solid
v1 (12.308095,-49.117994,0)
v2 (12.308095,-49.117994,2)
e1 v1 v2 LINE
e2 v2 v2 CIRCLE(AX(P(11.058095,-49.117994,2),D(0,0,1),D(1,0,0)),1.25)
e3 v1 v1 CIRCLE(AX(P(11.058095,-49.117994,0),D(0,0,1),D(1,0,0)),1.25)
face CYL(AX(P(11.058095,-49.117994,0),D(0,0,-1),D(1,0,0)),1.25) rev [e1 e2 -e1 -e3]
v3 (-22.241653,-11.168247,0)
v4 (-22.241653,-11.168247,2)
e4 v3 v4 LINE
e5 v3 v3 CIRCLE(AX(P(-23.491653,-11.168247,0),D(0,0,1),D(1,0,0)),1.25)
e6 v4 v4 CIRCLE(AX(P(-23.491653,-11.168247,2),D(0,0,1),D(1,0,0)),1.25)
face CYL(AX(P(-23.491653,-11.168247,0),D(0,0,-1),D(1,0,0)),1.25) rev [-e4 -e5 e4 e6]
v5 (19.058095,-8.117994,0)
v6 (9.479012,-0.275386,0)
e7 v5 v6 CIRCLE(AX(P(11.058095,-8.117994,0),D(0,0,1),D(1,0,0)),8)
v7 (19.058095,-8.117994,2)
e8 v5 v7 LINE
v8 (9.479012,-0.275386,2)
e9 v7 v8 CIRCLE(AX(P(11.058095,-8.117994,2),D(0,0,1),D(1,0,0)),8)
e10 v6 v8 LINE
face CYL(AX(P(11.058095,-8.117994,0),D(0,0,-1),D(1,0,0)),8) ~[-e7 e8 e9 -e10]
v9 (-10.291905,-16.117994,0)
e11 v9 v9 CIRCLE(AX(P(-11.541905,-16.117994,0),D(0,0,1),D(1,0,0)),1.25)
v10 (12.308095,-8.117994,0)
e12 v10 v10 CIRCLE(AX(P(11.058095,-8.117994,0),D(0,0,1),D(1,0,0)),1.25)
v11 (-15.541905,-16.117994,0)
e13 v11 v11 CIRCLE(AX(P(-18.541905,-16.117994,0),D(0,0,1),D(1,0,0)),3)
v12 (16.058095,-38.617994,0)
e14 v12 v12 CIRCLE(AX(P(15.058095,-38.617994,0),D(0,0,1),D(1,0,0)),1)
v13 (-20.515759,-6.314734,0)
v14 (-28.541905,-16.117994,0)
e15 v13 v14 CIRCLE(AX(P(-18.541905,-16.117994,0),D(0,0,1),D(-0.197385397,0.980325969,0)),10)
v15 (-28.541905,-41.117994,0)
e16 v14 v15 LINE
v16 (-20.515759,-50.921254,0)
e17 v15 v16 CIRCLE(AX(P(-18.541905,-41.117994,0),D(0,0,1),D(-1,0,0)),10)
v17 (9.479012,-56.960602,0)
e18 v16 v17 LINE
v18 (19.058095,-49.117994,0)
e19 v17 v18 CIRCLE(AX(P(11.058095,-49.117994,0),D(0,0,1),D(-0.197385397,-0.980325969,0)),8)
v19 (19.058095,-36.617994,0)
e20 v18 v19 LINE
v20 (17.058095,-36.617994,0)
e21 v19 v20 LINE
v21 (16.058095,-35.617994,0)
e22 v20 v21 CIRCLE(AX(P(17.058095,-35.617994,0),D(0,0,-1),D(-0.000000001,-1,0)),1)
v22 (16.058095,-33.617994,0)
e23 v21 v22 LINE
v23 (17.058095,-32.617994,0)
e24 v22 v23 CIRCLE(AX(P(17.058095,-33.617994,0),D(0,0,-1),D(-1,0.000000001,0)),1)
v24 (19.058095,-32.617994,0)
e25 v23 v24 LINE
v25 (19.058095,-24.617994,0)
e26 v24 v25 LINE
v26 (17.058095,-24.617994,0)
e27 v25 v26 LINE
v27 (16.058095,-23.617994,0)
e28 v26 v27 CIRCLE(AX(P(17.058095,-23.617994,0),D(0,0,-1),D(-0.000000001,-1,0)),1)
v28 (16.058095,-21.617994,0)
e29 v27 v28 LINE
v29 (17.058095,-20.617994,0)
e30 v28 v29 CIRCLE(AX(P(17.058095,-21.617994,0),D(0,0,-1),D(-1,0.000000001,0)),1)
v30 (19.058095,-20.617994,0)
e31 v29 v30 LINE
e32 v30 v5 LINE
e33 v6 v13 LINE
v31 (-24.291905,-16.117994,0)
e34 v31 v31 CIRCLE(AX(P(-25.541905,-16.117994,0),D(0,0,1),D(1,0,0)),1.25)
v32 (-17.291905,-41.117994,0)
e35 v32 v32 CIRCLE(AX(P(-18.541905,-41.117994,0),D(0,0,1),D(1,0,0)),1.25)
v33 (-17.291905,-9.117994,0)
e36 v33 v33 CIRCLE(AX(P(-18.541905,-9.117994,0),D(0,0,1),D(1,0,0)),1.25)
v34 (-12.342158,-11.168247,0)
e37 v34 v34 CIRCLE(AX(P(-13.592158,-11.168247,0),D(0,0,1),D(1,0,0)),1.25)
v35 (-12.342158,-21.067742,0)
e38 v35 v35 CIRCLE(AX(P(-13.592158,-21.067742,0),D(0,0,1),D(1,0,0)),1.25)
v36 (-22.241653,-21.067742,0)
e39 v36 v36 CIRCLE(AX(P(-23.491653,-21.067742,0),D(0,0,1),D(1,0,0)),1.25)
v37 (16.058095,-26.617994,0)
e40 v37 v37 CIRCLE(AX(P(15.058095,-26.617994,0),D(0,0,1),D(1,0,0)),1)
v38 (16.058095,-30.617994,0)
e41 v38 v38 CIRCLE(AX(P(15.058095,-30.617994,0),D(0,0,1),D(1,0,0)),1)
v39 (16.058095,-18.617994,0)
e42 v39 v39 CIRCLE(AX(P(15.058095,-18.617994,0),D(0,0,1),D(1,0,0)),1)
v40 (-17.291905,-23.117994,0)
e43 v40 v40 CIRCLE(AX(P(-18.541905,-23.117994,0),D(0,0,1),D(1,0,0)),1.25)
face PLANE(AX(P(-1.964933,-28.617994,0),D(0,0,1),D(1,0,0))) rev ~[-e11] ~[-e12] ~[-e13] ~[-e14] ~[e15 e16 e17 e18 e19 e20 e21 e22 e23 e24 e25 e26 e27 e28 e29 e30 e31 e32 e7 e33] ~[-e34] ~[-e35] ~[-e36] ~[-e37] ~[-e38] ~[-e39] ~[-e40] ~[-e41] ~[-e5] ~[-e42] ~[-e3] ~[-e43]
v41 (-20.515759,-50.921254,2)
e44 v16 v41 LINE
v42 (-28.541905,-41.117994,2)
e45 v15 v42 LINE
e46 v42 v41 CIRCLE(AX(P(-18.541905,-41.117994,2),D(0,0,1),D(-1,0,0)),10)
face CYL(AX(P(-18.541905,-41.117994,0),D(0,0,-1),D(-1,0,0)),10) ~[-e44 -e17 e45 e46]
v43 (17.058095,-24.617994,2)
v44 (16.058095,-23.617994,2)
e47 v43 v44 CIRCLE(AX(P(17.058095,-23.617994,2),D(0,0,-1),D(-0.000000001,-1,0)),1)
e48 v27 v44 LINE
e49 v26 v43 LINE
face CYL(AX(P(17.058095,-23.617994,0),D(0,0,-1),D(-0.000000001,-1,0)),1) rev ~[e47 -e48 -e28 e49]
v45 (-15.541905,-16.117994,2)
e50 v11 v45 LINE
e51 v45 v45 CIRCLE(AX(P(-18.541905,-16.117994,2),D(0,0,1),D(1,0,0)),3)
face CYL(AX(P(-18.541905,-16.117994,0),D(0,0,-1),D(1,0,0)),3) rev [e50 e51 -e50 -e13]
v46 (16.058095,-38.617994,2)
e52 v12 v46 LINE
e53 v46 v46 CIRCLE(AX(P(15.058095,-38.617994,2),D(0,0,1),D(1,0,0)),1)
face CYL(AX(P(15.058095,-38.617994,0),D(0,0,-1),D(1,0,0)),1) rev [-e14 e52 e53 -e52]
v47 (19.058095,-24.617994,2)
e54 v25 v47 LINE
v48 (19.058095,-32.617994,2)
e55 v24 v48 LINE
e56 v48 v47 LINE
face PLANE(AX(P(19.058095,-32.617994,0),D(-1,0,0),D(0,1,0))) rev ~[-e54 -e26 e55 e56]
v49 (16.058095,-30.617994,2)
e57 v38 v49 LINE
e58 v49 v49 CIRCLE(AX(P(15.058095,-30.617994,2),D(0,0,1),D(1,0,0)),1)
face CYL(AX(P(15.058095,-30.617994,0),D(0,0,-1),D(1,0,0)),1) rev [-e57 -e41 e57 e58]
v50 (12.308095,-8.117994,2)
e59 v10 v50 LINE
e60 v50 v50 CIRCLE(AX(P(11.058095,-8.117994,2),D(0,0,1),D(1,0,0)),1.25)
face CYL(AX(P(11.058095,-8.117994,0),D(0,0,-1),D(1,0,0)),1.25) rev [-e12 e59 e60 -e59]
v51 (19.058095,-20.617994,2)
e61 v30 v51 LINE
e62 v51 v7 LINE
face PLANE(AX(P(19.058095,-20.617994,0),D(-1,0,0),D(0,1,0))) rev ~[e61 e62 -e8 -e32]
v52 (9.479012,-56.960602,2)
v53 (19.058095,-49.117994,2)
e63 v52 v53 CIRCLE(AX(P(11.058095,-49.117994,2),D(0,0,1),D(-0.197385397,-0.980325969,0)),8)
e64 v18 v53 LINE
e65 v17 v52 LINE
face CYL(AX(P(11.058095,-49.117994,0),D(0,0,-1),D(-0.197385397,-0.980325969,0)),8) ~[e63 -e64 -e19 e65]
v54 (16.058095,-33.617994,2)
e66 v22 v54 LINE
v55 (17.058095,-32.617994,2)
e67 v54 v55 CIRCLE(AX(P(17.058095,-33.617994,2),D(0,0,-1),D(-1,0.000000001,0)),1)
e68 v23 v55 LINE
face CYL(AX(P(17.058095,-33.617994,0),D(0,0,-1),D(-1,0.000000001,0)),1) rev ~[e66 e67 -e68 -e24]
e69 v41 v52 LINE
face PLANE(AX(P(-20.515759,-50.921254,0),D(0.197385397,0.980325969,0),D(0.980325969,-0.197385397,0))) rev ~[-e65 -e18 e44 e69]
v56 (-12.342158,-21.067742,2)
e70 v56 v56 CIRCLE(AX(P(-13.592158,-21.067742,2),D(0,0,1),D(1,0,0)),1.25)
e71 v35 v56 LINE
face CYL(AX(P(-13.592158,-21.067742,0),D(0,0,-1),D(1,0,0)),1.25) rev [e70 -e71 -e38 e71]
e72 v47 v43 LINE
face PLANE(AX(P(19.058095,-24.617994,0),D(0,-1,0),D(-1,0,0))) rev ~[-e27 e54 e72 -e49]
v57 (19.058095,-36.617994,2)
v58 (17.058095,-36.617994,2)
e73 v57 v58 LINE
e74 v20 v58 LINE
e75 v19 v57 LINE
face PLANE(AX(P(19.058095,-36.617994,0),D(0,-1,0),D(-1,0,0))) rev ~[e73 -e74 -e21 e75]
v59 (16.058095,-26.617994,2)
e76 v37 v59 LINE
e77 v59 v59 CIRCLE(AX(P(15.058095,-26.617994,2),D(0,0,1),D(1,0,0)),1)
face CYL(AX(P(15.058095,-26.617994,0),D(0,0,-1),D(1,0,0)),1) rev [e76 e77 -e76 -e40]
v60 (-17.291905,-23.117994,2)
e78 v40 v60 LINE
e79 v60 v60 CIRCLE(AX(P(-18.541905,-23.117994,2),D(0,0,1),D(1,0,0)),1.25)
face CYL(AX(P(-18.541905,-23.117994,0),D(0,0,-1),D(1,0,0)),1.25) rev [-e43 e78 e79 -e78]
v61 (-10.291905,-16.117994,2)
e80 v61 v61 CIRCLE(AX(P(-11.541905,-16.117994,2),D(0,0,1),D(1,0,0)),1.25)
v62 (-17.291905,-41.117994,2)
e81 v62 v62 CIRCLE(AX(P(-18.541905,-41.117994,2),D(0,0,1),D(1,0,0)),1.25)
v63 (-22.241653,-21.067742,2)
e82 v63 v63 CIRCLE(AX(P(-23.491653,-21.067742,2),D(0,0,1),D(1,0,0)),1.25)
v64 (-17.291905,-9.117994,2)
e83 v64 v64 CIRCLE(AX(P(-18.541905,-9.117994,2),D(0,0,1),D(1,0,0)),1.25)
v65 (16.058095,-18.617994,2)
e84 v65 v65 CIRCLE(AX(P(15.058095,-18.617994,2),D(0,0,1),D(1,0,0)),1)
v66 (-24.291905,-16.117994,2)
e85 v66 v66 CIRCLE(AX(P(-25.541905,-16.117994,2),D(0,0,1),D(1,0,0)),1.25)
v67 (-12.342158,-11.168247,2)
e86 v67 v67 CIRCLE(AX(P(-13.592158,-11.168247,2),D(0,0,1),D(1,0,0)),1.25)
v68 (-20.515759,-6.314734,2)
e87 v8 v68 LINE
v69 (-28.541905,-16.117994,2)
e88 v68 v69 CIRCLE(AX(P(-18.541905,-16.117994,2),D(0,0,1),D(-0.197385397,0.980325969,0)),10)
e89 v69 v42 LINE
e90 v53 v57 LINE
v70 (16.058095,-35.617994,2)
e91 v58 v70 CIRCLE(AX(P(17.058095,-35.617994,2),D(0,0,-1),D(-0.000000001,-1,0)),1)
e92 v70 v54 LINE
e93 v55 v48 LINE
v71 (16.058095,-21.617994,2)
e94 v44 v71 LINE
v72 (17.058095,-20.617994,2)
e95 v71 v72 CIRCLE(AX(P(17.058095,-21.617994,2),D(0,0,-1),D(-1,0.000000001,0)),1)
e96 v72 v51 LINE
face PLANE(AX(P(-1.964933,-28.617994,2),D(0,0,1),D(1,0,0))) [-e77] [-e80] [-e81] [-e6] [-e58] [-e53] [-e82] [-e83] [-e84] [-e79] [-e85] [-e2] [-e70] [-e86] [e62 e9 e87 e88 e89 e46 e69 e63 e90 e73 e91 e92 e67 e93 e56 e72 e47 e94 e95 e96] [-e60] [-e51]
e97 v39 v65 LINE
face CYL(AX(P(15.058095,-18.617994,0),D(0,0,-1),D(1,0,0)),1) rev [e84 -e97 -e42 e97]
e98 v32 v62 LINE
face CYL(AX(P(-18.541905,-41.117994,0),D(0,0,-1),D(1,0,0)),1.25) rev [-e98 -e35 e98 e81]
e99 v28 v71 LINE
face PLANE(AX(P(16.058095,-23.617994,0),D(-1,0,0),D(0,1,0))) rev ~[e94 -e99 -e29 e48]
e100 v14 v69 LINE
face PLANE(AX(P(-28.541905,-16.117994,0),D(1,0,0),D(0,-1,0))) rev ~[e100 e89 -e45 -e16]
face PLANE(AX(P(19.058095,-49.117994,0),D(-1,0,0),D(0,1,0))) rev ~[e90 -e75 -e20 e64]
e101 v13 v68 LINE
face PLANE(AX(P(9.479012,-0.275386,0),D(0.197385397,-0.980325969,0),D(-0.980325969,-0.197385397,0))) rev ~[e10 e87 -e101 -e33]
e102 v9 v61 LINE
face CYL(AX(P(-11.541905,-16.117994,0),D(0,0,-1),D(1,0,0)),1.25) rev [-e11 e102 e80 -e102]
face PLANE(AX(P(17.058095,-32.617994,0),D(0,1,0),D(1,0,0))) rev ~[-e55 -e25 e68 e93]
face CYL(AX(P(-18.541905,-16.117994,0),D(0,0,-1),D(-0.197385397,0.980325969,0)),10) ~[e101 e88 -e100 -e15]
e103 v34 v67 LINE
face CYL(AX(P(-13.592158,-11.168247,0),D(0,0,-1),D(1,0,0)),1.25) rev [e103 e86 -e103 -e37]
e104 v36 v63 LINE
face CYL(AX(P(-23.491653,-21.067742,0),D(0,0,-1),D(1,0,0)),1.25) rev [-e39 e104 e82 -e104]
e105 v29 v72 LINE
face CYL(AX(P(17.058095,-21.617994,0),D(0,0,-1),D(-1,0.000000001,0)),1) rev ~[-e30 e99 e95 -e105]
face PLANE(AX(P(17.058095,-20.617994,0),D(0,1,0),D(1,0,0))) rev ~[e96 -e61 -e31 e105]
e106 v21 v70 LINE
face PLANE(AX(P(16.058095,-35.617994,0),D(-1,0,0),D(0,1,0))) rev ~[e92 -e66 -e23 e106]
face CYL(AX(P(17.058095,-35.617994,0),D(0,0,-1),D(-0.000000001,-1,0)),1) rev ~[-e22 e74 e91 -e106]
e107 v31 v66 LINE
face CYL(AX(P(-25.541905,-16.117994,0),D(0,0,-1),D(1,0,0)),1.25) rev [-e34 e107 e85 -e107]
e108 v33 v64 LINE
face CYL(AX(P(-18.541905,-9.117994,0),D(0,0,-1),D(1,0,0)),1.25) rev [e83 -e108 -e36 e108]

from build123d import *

# Parameters (mm, degrees)
SKETCH_1_R      = 3
SKETCH_1_R_2    = 1.25
SKETCH_1_R_3    = 1
EXTRUDE_2_DEPTH = 2


with BuildPart() as part:
    # 草圖1 → 填料-伸長2 (new body)
    with BuildSketch(Plane.XY):
        with BuildLine():
            Line((-28.541905067, -16.1179941), (-28.541905067, -41.1179941))
            ThreePointArc((-28.541905067, -41.1179941), (-26.279428563, -47.452876116), (-20.515759037, -50.921253788))
            Line((-20.515759037, -50.921253788), (9.479011757, -56.960601851))
            ThreePointArc((9.479011757, -56.960601851), (16.126000545, -55.308012897), (19.058094933, -49.1179941))
            Line((19.058094933, -49.1179941), (19.058094933, -36.6179941))
            Line((19.058094933, -36.6179941), (17.058094933, -36.6179941))
            ThreePointArc((17.058094933, -36.6179941), (16.350988152, -36.325100881), (16.058094933, -35.6179941))
            Line((16.058094933, -35.6179941), (16.058094933, -33.6179941))
            ThreePointArc((16.058094933, -33.6179941), (16.350988152, -32.910887319), (17.058094933, -32.6179941))
            Line((17.058094933, -32.6179941), (19.058094933, -32.6179941))
            Line((19.058094933, -32.6179941), (19.058094933, -24.6179941))
            Line((19.058094933, -24.6179941), (17.058094933, -24.6179941))
            ThreePointArc((17.058094933, -24.6179941), (16.350988152, -24.325100881), (16.058094933, -23.6179941))
            Line((16.058094933, -23.6179941), (16.058094933, -21.6179941))
            ThreePointArc((16.058094933, -21.6179941), (16.350988152, -20.910887319), (17.058094933, -20.6179941))
            Line((17.058094933, -20.6179941), (19.058094933, -20.6179941))
            Line((19.058094933, -20.6179941), (19.058094933, -8.1179941))
            ThreePointArc((19.058094933, -8.1179941), (16.126000545, -1.927975304), (9.479011757, -0.27538635))
            Line((9.479011757, -0.27538635), (-20.515759037, -6.314734412))
            ThreePointArc((-20.515759037, -6.314734412), (-26.279428563, -9.783112085), (-28.541905067, -16.1179941))
        make_face()
        with Locations((-18.541905067, -16.1179941)):
            Circle(SKETCH_1_R, mode=Mode.SUBTRACT)
        with Locations((-18.541905067, -9.1179941)):
            Circle(SKETCH_1_R_2, mode=Mode.SUBTRACT)
        with Locations((-13.592157599, -11.168246632)):
            Circle(SKETCH_1_R_2, mode=Mode.SUBTRACT)
        with Locations((-11.541905067, -16.1179941)):
            Circle(SKETCH_1_R_2, mode=Mode.SUBTRACT)
        with Locations((-13.592157599, -21.067741569)):
            Circle(SKETCH_1_R_2, mode=Mode.SUBTRACT)
        with Locations((-18.541905067, -23.1179941)):
            Circle(SKETCH_1_R_2, mode=Mode.SUBTRACT)
        with Locations((-23.491652536, -21.067741569)):
            Circle(SKETCH_1_R_2, mode=Mode.SUBTRACT)
        with Locations((-25.541905067, -16.1179941)):
            Circle(SKETCH_1_R_2, mode=Mode.SUBTRACT)
        with Locations((-23.491652536, -11.168246632)):
            Circle(SKETCH_1_R_2, mode=Mode.SUBTRACT)
        with Locations((-18.541905067, -41.1179941)):
            Circle(SKETCH_1_R_2, mode=Mode.SUBTRACT)
        with Locations((11.058094933, -8.1179941)):
            Circle(SKETCH_1_R_2, mode=Mode.SUBTRACT)
        with Locations((11.058094933, -49.1179941)):
            Circle(SKETCH_1_R_2, mode=Mode.SUBTRACT)
        with Locations((15.058094933, -26.6179941)):
            Circle(SKETCH_1_R_3, mode=Mode.SUBTRACT)
        with Locations((15.058094933, -18.6179941)):
            Circle(SKETCH_1_R_3, mode=Mode.SUBTRACT)
        with Locations((15.058094933, -38.6179941)):
            Circle(SKETCH_1_R_3, mode=Mode.SUBTRACT)
        with Locations((15.058094933, -30.6179941)):
            Circle(SKETCH_1_R_3, mode=Mode.SUBTRACT)
    extrude(amount=EXTRUDE_2_DEPTH)


solid = part.part
